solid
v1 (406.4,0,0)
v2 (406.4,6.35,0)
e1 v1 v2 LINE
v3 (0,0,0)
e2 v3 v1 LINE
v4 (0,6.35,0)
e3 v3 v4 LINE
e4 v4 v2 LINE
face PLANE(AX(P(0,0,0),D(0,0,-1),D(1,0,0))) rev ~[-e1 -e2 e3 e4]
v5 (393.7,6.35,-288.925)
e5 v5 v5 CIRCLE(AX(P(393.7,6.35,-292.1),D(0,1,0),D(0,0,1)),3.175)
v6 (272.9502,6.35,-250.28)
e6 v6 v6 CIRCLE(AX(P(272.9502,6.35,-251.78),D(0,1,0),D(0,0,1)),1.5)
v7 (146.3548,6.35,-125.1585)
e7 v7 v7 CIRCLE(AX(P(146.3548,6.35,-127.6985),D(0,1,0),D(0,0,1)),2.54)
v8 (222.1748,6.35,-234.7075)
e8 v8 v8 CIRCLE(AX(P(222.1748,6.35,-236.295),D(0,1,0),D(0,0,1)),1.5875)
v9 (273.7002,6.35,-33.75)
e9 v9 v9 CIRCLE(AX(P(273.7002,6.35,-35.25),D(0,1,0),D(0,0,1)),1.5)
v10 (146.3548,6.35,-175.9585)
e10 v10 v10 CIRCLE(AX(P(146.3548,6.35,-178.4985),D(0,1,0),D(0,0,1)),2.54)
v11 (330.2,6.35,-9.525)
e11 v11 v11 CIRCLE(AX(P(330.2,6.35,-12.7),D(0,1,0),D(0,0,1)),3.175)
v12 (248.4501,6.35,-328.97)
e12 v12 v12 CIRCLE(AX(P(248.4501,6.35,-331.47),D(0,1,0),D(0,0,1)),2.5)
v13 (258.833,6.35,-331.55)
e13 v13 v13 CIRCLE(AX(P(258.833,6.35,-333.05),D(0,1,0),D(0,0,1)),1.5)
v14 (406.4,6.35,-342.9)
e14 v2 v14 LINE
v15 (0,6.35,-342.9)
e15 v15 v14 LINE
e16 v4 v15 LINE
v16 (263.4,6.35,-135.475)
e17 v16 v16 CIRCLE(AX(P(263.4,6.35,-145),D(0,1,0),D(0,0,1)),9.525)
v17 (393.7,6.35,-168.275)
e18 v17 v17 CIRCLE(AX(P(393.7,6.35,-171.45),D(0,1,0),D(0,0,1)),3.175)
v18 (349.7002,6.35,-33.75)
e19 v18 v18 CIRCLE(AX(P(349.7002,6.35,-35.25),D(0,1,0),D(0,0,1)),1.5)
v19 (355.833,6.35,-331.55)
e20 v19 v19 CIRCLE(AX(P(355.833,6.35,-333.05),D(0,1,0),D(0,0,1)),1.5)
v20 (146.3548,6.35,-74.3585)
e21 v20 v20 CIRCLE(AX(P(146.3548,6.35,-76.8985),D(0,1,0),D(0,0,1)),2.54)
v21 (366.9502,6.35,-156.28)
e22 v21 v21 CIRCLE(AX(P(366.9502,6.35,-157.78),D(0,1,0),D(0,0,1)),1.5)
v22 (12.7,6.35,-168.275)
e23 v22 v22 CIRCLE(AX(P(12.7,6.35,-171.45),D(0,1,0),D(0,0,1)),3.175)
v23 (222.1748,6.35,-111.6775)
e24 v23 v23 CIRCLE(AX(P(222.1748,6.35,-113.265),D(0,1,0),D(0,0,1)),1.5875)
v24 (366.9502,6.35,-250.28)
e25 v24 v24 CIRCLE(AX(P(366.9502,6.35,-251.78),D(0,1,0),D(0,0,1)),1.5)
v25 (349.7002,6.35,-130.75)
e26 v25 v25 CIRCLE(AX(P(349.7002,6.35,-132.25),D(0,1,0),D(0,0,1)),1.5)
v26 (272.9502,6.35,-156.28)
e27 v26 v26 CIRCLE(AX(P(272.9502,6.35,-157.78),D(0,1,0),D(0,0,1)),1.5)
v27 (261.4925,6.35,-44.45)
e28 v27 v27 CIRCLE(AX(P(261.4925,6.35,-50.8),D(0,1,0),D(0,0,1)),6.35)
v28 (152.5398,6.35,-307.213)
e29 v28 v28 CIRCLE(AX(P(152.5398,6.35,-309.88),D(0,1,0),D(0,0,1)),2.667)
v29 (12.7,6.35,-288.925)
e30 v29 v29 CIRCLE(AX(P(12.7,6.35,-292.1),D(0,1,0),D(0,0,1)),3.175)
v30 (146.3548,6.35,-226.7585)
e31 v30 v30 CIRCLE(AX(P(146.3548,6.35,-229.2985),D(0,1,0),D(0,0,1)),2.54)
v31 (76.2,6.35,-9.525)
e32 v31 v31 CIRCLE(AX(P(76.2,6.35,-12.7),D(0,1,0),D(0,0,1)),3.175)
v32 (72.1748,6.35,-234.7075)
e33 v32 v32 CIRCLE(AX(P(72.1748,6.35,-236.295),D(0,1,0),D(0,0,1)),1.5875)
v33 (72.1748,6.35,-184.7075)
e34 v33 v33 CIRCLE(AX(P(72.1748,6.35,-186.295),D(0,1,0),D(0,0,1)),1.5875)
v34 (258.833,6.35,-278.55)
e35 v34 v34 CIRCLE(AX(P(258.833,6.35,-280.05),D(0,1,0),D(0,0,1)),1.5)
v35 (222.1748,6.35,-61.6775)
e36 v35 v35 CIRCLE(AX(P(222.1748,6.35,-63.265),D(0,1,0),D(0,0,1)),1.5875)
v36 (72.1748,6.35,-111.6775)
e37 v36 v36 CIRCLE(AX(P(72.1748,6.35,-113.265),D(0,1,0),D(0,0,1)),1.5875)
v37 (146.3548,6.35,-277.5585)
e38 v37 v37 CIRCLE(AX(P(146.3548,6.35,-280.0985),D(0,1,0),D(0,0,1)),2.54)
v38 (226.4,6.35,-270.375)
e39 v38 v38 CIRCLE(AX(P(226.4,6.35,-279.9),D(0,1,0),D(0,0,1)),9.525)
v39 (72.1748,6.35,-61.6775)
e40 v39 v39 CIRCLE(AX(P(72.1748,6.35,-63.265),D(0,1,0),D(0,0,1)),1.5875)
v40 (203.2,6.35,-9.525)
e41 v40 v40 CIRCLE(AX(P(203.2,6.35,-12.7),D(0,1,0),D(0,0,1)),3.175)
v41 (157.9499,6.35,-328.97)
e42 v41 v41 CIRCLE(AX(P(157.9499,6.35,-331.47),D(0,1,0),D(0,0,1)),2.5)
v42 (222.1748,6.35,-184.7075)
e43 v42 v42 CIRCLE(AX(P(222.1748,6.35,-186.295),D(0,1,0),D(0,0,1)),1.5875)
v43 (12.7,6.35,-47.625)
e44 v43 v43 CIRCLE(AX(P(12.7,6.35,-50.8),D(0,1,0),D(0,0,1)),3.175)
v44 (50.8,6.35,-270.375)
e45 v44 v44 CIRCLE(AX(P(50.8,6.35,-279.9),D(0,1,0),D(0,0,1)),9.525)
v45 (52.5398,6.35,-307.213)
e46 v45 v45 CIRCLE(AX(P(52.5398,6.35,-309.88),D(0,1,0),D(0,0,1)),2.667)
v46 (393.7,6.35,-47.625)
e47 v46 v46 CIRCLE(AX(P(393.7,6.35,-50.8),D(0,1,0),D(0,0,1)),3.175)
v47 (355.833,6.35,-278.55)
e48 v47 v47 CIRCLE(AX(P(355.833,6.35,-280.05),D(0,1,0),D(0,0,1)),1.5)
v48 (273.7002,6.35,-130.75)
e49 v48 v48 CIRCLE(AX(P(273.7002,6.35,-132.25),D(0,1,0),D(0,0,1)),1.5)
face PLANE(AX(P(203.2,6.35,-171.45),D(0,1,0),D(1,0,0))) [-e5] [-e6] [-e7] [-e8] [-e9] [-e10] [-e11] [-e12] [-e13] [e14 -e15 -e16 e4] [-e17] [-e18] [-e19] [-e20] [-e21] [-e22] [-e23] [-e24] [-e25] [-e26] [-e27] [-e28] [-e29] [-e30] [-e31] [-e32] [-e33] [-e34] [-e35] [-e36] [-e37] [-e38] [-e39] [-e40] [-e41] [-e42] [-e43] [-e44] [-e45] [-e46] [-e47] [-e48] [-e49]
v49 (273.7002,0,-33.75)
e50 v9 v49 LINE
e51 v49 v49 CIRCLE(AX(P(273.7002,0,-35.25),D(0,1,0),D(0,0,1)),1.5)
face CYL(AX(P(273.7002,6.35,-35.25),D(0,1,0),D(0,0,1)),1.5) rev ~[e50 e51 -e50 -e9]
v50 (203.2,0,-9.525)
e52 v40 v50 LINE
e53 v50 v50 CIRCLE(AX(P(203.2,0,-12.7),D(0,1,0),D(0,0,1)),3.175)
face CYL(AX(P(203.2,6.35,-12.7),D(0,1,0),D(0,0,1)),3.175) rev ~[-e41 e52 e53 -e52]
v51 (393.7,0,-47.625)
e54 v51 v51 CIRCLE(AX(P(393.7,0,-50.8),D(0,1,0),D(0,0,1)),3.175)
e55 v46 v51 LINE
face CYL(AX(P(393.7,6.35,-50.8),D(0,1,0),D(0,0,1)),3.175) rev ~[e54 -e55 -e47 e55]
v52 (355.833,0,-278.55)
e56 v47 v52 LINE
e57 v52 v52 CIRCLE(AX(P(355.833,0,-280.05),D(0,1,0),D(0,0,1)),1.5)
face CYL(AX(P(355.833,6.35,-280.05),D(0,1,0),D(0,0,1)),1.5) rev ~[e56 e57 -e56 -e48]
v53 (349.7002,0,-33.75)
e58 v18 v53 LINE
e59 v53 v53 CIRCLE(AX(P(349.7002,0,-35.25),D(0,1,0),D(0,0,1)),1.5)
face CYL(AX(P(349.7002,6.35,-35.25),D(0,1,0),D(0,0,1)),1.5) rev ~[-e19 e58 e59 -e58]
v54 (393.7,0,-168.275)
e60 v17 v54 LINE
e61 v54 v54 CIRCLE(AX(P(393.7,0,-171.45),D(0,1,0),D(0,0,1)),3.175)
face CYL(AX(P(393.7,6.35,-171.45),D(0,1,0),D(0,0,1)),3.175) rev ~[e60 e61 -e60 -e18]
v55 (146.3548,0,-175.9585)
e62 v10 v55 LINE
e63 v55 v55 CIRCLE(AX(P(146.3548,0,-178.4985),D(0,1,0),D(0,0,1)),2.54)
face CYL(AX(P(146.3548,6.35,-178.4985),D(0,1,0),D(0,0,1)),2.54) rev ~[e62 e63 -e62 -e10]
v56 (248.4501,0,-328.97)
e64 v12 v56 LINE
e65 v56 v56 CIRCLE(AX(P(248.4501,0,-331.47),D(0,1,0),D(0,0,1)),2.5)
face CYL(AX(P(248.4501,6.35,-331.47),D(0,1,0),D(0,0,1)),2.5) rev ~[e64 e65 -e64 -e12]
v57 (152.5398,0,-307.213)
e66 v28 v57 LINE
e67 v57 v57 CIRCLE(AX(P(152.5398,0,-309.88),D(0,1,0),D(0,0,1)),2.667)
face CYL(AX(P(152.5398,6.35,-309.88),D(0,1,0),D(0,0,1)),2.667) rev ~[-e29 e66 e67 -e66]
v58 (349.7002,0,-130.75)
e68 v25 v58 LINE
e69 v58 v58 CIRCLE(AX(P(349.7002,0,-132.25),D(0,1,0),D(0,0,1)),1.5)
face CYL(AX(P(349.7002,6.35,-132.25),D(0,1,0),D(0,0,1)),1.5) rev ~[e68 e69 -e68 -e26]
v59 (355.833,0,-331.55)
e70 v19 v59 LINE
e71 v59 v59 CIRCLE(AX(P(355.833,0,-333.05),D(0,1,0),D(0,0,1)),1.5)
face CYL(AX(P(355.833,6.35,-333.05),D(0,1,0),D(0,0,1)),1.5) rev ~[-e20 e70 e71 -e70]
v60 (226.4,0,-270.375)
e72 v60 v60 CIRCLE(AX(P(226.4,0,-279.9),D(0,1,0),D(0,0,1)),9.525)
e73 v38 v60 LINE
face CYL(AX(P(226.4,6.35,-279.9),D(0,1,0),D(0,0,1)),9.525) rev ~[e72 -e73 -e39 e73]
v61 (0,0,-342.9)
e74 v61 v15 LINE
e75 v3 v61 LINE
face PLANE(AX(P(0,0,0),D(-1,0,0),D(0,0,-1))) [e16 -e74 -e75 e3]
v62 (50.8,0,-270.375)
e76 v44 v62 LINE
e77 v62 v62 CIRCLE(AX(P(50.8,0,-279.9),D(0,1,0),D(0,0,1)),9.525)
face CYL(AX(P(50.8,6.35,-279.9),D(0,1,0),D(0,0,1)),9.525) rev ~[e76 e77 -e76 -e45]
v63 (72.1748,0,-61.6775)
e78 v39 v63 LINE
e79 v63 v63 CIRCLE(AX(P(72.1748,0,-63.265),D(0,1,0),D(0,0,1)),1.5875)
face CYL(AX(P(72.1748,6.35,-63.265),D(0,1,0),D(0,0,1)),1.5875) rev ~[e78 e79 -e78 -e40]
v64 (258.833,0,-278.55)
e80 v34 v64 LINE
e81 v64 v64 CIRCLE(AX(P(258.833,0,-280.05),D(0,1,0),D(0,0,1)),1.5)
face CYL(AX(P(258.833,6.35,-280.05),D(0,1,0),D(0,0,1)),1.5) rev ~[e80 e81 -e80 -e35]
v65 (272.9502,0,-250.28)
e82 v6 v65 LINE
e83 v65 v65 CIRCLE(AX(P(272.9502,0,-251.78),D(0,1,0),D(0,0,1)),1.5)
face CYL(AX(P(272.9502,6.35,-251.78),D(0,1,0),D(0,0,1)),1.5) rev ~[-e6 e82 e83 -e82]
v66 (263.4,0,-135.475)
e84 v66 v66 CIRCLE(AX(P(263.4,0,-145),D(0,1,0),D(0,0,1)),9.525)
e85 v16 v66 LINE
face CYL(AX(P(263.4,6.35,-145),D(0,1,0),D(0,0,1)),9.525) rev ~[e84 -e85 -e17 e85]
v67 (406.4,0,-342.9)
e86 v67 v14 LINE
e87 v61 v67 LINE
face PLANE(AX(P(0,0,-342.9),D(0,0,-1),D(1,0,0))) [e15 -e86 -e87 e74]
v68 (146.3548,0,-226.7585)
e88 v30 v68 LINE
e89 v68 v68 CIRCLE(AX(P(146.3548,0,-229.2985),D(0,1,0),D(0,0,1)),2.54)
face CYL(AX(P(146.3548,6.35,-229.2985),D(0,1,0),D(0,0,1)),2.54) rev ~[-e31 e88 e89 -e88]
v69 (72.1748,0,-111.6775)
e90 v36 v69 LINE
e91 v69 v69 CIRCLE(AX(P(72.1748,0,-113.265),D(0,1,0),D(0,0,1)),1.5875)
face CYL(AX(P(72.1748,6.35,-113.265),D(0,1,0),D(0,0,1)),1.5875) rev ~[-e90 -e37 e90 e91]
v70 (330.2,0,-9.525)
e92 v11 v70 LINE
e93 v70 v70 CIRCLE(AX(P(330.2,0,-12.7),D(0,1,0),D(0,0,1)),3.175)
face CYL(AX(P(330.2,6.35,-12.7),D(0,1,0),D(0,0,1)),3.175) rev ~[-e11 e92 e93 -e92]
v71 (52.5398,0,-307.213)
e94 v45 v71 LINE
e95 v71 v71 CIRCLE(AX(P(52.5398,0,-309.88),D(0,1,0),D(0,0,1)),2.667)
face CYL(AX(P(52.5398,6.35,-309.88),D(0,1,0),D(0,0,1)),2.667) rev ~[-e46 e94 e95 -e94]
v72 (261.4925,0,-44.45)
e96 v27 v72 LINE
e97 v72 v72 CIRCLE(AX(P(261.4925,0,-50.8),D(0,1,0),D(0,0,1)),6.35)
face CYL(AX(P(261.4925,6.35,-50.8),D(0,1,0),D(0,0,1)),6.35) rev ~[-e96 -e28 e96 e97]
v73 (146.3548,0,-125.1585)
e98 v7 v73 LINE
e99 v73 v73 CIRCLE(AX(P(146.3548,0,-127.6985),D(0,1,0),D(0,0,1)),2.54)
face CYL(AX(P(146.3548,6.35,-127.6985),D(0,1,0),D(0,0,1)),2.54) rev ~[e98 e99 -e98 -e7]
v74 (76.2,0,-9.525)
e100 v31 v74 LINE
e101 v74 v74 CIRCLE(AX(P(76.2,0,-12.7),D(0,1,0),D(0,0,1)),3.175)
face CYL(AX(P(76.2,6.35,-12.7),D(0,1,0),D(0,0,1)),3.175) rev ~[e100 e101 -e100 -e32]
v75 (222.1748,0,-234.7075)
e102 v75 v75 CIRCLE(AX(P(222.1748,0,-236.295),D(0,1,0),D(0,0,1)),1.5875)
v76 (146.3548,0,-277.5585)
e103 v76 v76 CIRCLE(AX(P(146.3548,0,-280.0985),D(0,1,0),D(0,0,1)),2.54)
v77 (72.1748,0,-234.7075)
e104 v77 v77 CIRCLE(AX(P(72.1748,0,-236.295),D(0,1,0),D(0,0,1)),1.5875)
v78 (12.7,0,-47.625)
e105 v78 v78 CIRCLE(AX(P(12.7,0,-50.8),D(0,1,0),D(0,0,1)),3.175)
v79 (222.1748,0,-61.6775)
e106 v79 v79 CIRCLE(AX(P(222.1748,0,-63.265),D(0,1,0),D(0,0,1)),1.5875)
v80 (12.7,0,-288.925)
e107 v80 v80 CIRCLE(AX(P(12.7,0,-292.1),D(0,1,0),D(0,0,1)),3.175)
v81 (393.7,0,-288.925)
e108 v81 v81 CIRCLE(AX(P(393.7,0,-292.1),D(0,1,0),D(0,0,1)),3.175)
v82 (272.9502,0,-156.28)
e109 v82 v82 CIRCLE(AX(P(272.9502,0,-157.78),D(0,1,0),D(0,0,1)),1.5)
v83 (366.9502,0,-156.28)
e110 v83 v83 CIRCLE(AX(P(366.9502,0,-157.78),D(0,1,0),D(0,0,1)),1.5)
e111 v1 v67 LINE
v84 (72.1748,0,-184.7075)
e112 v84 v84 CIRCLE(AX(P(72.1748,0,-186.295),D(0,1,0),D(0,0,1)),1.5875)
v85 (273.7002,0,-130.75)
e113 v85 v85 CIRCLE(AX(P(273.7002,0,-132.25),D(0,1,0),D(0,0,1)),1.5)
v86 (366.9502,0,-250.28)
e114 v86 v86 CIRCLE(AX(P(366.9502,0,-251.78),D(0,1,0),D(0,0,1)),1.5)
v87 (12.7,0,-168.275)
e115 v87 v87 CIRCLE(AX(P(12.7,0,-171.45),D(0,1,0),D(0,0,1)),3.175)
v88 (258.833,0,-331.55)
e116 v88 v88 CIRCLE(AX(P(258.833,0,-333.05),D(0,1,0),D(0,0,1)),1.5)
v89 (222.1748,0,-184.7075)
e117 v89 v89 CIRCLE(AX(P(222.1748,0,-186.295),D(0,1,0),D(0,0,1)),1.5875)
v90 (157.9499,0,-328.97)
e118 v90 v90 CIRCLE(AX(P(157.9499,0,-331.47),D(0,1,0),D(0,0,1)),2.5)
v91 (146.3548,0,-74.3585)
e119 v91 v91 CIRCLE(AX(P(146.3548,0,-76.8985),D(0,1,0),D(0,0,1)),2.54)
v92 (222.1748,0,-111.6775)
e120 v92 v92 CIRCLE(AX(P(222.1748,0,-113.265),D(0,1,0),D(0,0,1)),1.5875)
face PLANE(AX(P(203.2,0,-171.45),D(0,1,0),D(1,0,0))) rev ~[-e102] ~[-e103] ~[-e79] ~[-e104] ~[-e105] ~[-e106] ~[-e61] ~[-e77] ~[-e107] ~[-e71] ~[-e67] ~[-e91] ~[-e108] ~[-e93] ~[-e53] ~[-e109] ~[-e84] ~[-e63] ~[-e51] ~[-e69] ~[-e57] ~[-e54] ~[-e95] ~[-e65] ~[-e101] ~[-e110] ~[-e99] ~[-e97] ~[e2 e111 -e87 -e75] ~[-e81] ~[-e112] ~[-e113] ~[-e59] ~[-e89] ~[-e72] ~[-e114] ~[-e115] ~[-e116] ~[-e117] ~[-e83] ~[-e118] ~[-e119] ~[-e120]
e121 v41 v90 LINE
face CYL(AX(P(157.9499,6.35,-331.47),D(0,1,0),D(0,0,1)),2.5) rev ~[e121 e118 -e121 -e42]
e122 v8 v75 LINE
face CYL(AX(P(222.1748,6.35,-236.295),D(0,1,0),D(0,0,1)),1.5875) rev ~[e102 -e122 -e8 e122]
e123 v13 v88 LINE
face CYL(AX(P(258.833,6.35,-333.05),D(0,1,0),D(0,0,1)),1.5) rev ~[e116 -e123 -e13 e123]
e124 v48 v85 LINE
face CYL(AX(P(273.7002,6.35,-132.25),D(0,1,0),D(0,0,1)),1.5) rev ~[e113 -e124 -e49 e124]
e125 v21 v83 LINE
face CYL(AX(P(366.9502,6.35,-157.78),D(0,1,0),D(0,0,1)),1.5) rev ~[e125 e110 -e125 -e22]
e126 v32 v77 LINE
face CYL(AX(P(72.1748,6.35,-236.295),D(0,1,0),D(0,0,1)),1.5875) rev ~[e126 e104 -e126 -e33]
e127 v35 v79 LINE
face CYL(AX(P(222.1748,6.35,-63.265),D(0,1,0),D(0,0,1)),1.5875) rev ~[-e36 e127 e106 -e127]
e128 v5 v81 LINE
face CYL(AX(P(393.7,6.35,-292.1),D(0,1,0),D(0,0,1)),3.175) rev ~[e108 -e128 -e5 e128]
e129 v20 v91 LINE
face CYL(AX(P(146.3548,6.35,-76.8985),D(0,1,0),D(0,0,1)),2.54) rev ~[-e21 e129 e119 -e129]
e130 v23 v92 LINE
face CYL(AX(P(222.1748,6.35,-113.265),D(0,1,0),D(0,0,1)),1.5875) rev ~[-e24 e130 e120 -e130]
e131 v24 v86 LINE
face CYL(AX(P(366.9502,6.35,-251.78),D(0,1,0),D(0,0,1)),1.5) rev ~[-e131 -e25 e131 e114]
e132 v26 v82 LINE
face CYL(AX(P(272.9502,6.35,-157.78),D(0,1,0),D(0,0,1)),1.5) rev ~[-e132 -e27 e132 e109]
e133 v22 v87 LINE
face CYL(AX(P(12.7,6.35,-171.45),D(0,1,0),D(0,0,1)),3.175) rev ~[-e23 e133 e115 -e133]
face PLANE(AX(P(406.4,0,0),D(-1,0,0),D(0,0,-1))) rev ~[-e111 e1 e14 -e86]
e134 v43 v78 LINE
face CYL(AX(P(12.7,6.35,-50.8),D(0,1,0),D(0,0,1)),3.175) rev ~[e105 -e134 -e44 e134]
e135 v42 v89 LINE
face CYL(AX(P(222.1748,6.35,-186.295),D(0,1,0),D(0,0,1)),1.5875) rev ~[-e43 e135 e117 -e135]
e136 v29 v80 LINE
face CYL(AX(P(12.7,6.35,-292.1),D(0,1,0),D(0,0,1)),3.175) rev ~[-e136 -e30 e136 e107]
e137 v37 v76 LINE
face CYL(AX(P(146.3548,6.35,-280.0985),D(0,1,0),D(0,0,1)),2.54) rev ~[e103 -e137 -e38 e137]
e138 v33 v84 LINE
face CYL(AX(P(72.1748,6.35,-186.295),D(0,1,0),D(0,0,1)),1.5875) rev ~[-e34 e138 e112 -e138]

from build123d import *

# Parameters (mm, degrees)
SKETCH1_W           = 406.4
SKETCH1_H           = 342.9
BOSS_EXTRUDE1_DEPTH = 6.35
SKETCH3_R           = 3.175
CUT_EXTRUDE1_DEPTH  = 532.772218624
SKETCH4_R           = 9.525
SKETCH4_R_2         = 1.5875
SKETCH4_R_3         = 2.5
SKETCH4_R_4         = 2.667
SKETCH4_R_5         = 2.54
SKETCH4_R_6         = 1.5
SKETCH4_R_7         = 6.35
CUT_EXTRUDE2_DEPTH  = 532.772218624


with BuildPart() as part:
    # Sketch1 → Boss-Extrude1 (new body)
    with BuildSketch(Plane(origin=(0, 0, 0), x_dir=(1, 0, 0), z_dir=(0, 1, 0))):
        with Locations((203.2, 171.45)):
            Rectangle(SKETCH1_W, SKETCH1_H)
    extrude(amount=BOSS_EXTRUDE1_DEPTH)

    # Sketch3 → Cut-Extrude1 (cut, through all)
    with BuildSketch(Plane(origin=(0, 6.35, 0), x_dir=(1, 0, 0), z_dir=(0, 1, 0))):
        with Locations((203.2, 12.7)):
            Circle(SKETCH3_R)
        with Locations((330.2, 12.7)):
            Circle(SKETCH3_R)
        with Locations((76.2, 12.7)):
            Circle(SKETCH3_R)
        with Locations((12.7, 171.45)):
            Circle(SKETCH3_R)
        with Locations((393.7, 171.45)):
            Circle(SKETCH3_R)
        with Locations((12.7, 292.1)):
            Circle(SKETCH3_R)
        with Locations((12.7, 50.8)):
            Circle(SKETCH3_R)
        with Locations((393.7, 50.8)):
            Circle(SKETCH3_R)
        with Locations((393.7, 292.1)):
            Circle(SKETCH3_R)
    extrude(amount=-CUT_EXTRUDE1_DEPTH, mode=Mode.SUBTRACT)

    # Sketch4 → Cut-Extrude2 (cut, through all)
    with BuildSketch(Plane(origin=(0, 6.35, 0), x_dir=(1, 0, 0), z_dir=(0, 1, 0))):
        with Locations((226.4, 279.9)):
            Circle(SKETCH4_R)
        with Locations((50.8, 279.9)):
            Circle(SKETCH4_R)
        with Locations((222.1748, 63.265)):
            Circle(SKETCH4_R_2)
        with Locations((222.1748, 113.265)):
            Circle(SKETCH4_R_2)
        with Locations((72.1748, 113.265)):
            Circle(SKETCH4_R_2)
        with Locations((72.1748, 63.265)):
            Circle(SKETCH4_R_2)
        with Locations((72.1748, 186.295)):
            Circle(SKETCH4_R_2)
        with Locations((72.1748, 236.295)):
            Circle(SKETCH4_R_2)
        with Locations((222.1748, 236.295)):
            Circle(SKETCH4_R_2)
        with Locations((222.1748, 186.295)):
            Circle(SKETCH4_R_2)
        with Locations((248.4501, 331.47)):
            Circle(SKETCH4_R_3)
        with Locations((157.9499, 331.47)):
            Circle(SKETCH4_R_3)
        with Locations((52.5398, 309.88)):
            Circle(SKETCH4_R_4)
        with Locations((152.5398, 309.88)):
            Circle(SKETCH4_R_4)
        with Locations((146.3548, 178.4985)):
            Circle(SKETCH4_R_5)
        with Locations((146.3548, 127.6985)):
            Circle(SKETCH4_R_5)
        with Locations((146.3548, 76.8985)):
            Circle(SKETCH4_R_5)
        with Locations((146.3548, 280.0985)):
            Circle(SKETCH4_R_5)
        with Locations((146.3548, 229.2985)):
            Circle(SKETCH4_R_5)
        with Locations((355.833, 333.05)):
            Circle(SKETCH4_R_6)
        with Locations((258.833, 333.05)):
            Circle(SKETCH4_R_6)
        with Locations((355.833, 280.05)):
            Circle(SKETCH4_R_6)
        with Locations((258.833, 280.05)):
            Circle(SKETCH4_R_6)
        with Locations((366.9502, 251.78)):
            Circle(SKETCH4_R_6)
        with Locations((272.9502, 251.78)):
            Circle(SKETCH4_R_6)
        with Locations((366.9502, 157.78)):
            Circle(SKETCH4_R_6)
        with Locations((272.9502, 157.78)):
            Circle(SKETCH4_R_6)
        with Locations((349.7002, 35.25)):
            Circle(SKETCH4_R_6)
        with Locations((349.7002, 132.25)):
            Circle(SKETCH4_R_6)
        with Locations((273.7002, 132.25)):
            Circle(SKETCH4_R_6)
        with Locations((273.7002, 35.25)):
            Circle(SKETCH4_R_6)
        with Locations((263.4, 145)):
            Circle(SKETCH4_R)
        with Locations((261.4925, 50.8)):
            Circle(SKETCH4_R_7)
    extrude(amount=-CUT_EXTRUDE2_DEPTH, mode=Mode.SUBTRACT)


solid = part.part
